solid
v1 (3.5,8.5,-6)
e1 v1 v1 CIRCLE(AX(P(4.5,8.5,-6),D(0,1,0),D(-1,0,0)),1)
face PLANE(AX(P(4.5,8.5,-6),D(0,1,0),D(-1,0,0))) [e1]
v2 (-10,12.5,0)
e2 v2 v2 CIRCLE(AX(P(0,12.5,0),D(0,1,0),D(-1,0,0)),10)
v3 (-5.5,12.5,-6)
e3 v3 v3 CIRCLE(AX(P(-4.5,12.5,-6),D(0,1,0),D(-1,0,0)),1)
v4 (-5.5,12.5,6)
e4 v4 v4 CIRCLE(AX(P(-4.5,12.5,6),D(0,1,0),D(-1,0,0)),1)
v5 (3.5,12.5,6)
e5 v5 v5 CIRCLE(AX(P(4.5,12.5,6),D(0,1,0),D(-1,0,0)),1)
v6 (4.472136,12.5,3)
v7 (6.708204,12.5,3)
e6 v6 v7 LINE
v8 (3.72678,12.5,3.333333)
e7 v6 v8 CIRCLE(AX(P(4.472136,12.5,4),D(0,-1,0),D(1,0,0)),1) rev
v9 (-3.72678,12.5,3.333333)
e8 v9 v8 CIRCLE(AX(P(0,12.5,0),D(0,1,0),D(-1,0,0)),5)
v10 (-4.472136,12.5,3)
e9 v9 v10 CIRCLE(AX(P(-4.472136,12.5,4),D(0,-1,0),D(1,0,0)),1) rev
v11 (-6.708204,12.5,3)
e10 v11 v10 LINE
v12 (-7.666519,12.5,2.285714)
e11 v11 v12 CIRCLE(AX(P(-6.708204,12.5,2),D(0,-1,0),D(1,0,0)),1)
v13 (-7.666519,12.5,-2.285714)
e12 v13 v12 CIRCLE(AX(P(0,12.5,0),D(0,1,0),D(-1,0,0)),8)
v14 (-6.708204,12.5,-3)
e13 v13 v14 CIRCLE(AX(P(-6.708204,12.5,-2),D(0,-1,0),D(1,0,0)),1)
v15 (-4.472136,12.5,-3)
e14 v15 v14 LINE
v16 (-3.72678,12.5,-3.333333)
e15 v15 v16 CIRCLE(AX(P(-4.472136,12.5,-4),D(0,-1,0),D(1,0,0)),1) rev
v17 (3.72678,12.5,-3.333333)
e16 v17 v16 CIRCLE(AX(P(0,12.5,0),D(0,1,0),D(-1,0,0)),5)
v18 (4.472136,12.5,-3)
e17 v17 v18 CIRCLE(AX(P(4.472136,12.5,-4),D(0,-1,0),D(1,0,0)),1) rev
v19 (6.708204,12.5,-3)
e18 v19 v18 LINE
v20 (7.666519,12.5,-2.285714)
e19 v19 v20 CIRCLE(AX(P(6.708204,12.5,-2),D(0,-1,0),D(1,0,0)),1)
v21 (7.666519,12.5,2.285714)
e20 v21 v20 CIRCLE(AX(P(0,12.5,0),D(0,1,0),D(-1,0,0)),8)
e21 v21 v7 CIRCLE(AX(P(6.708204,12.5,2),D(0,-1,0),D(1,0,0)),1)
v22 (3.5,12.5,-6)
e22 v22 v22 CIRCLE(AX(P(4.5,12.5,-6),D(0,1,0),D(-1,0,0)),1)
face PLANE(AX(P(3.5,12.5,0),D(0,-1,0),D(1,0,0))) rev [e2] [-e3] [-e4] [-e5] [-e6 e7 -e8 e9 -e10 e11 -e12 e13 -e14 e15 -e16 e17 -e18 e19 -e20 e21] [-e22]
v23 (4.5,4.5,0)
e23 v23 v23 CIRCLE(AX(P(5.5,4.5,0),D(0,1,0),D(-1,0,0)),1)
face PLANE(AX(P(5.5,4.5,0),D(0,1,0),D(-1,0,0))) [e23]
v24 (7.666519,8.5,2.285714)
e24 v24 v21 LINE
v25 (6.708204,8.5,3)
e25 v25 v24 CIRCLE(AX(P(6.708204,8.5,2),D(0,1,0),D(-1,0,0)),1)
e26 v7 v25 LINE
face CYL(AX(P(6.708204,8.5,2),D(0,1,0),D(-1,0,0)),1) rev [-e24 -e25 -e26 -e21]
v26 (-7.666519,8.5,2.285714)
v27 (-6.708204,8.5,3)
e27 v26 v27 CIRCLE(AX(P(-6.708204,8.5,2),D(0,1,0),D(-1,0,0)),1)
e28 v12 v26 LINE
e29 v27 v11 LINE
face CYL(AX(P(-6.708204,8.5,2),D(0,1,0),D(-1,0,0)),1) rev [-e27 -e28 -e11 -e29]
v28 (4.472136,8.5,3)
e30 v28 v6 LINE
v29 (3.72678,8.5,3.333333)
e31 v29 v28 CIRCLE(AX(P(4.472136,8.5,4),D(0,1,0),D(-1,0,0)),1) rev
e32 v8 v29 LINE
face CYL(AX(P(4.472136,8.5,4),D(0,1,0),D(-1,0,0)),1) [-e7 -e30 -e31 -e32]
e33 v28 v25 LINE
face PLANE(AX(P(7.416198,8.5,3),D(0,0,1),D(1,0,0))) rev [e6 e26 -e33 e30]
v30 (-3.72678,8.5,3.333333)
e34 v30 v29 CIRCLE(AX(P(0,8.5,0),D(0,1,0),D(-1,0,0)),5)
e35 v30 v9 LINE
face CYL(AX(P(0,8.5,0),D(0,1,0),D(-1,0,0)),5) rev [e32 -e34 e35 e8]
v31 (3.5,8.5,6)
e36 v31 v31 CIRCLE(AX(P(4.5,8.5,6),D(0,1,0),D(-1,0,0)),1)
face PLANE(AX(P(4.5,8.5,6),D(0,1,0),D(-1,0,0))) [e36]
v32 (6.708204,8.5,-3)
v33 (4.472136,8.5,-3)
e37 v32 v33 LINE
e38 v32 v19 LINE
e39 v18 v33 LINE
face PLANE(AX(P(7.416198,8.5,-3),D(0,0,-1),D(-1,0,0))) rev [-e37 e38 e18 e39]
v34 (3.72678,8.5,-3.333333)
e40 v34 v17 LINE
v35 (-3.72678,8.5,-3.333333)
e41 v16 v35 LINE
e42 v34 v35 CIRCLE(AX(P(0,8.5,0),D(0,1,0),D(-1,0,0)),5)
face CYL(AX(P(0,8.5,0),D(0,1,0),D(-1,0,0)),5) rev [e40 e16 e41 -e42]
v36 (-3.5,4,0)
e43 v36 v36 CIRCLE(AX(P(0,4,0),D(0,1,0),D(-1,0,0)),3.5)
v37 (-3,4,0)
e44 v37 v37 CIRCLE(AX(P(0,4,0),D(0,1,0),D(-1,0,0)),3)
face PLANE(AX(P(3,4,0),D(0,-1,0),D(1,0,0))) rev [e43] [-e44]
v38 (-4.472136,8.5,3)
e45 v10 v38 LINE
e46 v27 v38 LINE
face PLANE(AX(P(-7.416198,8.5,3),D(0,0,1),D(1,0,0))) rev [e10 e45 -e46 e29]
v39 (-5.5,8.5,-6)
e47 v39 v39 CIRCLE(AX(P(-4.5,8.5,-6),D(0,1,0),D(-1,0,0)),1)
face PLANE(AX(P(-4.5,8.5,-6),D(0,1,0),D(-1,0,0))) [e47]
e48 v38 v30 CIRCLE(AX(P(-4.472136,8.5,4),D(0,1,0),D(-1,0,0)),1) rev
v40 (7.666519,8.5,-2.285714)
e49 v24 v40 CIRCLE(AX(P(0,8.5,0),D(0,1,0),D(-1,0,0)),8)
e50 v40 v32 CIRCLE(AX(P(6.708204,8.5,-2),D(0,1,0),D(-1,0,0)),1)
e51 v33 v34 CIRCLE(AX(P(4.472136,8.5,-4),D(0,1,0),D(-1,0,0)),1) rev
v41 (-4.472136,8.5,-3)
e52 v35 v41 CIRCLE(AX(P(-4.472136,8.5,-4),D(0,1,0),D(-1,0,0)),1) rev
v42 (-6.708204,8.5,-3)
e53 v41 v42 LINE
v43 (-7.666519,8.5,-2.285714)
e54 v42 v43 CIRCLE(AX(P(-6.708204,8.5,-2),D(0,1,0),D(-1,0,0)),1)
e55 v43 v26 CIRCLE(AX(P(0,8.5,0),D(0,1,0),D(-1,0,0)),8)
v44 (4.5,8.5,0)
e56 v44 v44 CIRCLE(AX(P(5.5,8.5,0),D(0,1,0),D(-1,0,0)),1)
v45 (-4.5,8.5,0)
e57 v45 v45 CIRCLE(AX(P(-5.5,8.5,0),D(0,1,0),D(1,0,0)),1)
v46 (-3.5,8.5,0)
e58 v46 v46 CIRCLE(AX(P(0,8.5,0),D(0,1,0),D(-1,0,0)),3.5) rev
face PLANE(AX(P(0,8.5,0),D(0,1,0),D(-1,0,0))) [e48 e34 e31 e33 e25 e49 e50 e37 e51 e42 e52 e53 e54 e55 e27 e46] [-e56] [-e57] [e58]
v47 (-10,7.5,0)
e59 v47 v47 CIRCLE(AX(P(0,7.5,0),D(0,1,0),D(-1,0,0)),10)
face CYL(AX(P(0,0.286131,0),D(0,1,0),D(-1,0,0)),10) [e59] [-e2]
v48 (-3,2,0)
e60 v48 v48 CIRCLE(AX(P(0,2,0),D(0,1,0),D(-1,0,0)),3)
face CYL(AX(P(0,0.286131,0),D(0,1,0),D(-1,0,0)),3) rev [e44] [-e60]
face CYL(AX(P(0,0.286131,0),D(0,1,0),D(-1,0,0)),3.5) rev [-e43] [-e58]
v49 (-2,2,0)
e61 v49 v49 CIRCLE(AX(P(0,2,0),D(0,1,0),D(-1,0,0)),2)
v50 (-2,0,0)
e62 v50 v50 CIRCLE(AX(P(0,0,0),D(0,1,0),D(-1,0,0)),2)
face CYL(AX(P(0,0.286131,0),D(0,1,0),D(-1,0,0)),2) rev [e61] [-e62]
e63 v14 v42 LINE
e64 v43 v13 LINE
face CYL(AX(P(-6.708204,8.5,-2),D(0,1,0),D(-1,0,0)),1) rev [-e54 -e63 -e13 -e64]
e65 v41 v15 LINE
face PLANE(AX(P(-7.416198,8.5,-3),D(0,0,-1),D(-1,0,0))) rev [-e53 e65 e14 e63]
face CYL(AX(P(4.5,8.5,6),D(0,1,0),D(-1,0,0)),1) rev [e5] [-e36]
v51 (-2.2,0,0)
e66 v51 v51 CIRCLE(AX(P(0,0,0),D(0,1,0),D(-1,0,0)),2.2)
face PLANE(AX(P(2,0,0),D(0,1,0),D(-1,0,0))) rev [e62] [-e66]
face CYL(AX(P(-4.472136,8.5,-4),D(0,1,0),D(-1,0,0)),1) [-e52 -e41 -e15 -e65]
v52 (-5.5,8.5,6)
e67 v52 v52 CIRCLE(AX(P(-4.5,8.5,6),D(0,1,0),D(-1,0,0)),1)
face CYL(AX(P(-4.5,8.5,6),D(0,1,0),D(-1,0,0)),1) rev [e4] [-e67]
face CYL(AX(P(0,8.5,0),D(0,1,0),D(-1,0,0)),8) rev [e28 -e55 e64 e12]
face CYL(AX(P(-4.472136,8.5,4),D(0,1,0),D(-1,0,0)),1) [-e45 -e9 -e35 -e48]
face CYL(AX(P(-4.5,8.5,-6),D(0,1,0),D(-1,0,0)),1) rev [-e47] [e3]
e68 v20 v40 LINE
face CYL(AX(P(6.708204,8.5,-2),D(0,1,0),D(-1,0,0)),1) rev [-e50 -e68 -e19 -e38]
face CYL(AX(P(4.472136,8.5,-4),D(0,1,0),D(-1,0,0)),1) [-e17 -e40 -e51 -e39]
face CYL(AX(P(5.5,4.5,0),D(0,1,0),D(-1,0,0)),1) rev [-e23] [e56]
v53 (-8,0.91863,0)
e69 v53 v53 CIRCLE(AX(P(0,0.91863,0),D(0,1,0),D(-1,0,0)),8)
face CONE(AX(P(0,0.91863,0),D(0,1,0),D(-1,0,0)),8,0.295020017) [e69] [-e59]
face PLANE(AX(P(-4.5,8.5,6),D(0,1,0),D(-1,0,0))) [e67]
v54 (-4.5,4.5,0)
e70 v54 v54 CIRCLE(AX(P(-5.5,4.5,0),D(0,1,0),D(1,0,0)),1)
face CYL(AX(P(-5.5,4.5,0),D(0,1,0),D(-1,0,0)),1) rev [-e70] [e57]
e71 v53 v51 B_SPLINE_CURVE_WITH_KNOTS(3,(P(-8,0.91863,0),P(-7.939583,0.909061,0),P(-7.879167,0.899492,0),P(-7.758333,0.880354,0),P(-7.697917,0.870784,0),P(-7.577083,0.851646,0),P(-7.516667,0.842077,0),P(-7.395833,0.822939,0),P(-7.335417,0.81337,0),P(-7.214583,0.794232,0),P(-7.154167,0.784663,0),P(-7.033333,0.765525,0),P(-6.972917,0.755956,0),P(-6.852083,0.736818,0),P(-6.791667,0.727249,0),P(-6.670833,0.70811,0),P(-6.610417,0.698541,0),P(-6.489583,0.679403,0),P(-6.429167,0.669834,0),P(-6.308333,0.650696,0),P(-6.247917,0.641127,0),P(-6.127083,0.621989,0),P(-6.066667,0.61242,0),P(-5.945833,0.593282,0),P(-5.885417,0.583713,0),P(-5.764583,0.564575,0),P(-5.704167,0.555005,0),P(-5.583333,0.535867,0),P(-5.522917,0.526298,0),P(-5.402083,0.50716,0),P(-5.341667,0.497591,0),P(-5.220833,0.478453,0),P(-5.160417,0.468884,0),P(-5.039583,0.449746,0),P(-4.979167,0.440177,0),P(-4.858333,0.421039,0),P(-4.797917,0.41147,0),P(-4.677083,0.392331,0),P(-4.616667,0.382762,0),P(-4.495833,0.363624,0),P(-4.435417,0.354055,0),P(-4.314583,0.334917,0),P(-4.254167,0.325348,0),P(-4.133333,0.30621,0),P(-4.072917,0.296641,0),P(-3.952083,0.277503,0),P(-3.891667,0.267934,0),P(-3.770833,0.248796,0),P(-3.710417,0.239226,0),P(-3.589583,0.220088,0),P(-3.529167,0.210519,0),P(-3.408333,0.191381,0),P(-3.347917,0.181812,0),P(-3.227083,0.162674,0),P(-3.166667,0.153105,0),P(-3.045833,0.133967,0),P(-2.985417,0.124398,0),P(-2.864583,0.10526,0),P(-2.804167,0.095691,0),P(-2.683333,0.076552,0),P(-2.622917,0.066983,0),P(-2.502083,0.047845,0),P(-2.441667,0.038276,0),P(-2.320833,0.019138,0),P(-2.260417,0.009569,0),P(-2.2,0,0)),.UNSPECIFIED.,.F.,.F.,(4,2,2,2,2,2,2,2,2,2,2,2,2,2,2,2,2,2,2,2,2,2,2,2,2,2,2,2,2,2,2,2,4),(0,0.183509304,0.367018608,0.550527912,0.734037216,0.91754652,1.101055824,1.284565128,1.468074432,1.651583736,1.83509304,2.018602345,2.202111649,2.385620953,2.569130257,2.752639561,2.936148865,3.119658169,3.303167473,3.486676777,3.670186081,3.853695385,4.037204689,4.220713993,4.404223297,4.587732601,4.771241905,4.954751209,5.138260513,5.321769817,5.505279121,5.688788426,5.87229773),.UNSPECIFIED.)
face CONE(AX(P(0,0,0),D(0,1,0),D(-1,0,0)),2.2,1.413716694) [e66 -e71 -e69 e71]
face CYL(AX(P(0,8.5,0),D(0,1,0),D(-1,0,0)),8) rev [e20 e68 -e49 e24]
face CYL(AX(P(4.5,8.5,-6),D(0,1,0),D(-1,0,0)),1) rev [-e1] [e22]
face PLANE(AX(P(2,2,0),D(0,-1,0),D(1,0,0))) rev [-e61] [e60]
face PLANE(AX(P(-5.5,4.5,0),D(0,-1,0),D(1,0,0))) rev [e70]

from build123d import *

# Parameters (mm, degrees)
CUT_EXTRUDE_1_DEPTH = 4
FILLET_1_R          = 1
SKETCH_3_R          = 1
CUT_EXTRUDE_2_DEPTH = 4
SKETCH_4_R          = 1
CUT_EXTRUDE_3_DEPTH = 4


with BuildPart() as part:
    # 草图1 → 旋转1 (revolve)
    with BuildSketch(Plane.XY, mode=Mode.PRIVATE) as revolve_1_sk:
        Polygon((2, 0), (2, 2), (3, 2), (3, 4), (3.5, 4), (3.5, 12.5), (10, 12.5), (10, 7.5), (8, 0.918629754), (2.2, 0), align=None)
    revolve(revolve_1_sk.sketch.rotate(Axis((0, 0.286130796, 0), (0, -1, 0)), 180), axis=Axis((0, 0.286130796, 0), (0, -1, 0)))

    # 草图2 → 切除-拉伸1 (cut)
    with BuildSketch(Plane(origin=(0, 12.5, 0), x_dir=(1, 0, 0), z_dir=(0, 1, 0))):
        with BuildLine():
            Line((-7.416198487, 3), (-4, 3))
            ThreePointArc((-4, 3), (0, 5), (4, 3))
            Line((4, 3), (7.416198487, 3))
            ThreePointArc((7.416198487, 3), (8, 0), (7.416198487, -3))
            Line((7.416198487, -3), (4, -3))
            ThreePointArc((4, -3), (0, -5), (-4, -3))
            Line((-4, -3), (-7.416198487, -3))
            ThreePointArc((-7.416198487, -3), (-8, 0), (-7.416198487, 3))
        make_face()
    extrude(amount=-CUT_EXTRUDE_1_DEPTH, mode=Mode.SUBTRACT)

    # 圆角1
    fillet_1_edges = [part.edges().sort_by_distance(p)[0] for p in [
        (-7.416198487, 10.5, 3),
        (-7.416198487, 10.5, -3),
        (-4, 10.5, -3),
        (4, 10.5, -3),
        (7.416198487, 10.5, -3),
        (7.416198487, 10.5, 3),
        (4, 10.5, 3),
        (-4, 10.5, 3),
    ]]
    fillet(fillet_1_edges, radius=FILLET_1_R)

    # 草图3 → 切除-拉伸2 (cut)
    with BuildSketch(Plane(origin=(0, 8.5, 0), x_dir=(1, 0, 0), z_dir=(0, 1, 0))):
        with Locations(Location((5.5, 0, 0), (0, 0, 180))):
            Circle(SKETCH_3_R)
        with Locations((-5.5, 0)):
            Circle(SKETCH_3_R)
    extrude(amount=-CUT_EXTRUDE_2_DEPTH, mode=Mode.SUBTRACT)

    # 草图4 → 切除-拉伸3 (cut)
    with BuildSketch(Plane(origin=(0, 12.5, 0), x_dir=(1, 0, 0), z_dir=(0, 1, 0))):
        with Locations(Location((-4.5, 6, 0), (0, 0, 180))):
            Circle(SKETCH_4_R)
        with Locations(Location((4.5, 6, 0), (0, 0, 180))):
            Circle(SKETCH_4_R)
        with Locations(Location((-4.5, -6, 0), (0, 0, 180))):
            Circle(SKETCH_4_R)
        with Locations(Location((4.5, -6, 0), (0, 0, 180))):
            Circle(SKETCH_4_R)
    extrude(amount=-CUT_EXTRUDE_3_DEPTH, mode=Mode.SUBTRACT)


solid = part.part
